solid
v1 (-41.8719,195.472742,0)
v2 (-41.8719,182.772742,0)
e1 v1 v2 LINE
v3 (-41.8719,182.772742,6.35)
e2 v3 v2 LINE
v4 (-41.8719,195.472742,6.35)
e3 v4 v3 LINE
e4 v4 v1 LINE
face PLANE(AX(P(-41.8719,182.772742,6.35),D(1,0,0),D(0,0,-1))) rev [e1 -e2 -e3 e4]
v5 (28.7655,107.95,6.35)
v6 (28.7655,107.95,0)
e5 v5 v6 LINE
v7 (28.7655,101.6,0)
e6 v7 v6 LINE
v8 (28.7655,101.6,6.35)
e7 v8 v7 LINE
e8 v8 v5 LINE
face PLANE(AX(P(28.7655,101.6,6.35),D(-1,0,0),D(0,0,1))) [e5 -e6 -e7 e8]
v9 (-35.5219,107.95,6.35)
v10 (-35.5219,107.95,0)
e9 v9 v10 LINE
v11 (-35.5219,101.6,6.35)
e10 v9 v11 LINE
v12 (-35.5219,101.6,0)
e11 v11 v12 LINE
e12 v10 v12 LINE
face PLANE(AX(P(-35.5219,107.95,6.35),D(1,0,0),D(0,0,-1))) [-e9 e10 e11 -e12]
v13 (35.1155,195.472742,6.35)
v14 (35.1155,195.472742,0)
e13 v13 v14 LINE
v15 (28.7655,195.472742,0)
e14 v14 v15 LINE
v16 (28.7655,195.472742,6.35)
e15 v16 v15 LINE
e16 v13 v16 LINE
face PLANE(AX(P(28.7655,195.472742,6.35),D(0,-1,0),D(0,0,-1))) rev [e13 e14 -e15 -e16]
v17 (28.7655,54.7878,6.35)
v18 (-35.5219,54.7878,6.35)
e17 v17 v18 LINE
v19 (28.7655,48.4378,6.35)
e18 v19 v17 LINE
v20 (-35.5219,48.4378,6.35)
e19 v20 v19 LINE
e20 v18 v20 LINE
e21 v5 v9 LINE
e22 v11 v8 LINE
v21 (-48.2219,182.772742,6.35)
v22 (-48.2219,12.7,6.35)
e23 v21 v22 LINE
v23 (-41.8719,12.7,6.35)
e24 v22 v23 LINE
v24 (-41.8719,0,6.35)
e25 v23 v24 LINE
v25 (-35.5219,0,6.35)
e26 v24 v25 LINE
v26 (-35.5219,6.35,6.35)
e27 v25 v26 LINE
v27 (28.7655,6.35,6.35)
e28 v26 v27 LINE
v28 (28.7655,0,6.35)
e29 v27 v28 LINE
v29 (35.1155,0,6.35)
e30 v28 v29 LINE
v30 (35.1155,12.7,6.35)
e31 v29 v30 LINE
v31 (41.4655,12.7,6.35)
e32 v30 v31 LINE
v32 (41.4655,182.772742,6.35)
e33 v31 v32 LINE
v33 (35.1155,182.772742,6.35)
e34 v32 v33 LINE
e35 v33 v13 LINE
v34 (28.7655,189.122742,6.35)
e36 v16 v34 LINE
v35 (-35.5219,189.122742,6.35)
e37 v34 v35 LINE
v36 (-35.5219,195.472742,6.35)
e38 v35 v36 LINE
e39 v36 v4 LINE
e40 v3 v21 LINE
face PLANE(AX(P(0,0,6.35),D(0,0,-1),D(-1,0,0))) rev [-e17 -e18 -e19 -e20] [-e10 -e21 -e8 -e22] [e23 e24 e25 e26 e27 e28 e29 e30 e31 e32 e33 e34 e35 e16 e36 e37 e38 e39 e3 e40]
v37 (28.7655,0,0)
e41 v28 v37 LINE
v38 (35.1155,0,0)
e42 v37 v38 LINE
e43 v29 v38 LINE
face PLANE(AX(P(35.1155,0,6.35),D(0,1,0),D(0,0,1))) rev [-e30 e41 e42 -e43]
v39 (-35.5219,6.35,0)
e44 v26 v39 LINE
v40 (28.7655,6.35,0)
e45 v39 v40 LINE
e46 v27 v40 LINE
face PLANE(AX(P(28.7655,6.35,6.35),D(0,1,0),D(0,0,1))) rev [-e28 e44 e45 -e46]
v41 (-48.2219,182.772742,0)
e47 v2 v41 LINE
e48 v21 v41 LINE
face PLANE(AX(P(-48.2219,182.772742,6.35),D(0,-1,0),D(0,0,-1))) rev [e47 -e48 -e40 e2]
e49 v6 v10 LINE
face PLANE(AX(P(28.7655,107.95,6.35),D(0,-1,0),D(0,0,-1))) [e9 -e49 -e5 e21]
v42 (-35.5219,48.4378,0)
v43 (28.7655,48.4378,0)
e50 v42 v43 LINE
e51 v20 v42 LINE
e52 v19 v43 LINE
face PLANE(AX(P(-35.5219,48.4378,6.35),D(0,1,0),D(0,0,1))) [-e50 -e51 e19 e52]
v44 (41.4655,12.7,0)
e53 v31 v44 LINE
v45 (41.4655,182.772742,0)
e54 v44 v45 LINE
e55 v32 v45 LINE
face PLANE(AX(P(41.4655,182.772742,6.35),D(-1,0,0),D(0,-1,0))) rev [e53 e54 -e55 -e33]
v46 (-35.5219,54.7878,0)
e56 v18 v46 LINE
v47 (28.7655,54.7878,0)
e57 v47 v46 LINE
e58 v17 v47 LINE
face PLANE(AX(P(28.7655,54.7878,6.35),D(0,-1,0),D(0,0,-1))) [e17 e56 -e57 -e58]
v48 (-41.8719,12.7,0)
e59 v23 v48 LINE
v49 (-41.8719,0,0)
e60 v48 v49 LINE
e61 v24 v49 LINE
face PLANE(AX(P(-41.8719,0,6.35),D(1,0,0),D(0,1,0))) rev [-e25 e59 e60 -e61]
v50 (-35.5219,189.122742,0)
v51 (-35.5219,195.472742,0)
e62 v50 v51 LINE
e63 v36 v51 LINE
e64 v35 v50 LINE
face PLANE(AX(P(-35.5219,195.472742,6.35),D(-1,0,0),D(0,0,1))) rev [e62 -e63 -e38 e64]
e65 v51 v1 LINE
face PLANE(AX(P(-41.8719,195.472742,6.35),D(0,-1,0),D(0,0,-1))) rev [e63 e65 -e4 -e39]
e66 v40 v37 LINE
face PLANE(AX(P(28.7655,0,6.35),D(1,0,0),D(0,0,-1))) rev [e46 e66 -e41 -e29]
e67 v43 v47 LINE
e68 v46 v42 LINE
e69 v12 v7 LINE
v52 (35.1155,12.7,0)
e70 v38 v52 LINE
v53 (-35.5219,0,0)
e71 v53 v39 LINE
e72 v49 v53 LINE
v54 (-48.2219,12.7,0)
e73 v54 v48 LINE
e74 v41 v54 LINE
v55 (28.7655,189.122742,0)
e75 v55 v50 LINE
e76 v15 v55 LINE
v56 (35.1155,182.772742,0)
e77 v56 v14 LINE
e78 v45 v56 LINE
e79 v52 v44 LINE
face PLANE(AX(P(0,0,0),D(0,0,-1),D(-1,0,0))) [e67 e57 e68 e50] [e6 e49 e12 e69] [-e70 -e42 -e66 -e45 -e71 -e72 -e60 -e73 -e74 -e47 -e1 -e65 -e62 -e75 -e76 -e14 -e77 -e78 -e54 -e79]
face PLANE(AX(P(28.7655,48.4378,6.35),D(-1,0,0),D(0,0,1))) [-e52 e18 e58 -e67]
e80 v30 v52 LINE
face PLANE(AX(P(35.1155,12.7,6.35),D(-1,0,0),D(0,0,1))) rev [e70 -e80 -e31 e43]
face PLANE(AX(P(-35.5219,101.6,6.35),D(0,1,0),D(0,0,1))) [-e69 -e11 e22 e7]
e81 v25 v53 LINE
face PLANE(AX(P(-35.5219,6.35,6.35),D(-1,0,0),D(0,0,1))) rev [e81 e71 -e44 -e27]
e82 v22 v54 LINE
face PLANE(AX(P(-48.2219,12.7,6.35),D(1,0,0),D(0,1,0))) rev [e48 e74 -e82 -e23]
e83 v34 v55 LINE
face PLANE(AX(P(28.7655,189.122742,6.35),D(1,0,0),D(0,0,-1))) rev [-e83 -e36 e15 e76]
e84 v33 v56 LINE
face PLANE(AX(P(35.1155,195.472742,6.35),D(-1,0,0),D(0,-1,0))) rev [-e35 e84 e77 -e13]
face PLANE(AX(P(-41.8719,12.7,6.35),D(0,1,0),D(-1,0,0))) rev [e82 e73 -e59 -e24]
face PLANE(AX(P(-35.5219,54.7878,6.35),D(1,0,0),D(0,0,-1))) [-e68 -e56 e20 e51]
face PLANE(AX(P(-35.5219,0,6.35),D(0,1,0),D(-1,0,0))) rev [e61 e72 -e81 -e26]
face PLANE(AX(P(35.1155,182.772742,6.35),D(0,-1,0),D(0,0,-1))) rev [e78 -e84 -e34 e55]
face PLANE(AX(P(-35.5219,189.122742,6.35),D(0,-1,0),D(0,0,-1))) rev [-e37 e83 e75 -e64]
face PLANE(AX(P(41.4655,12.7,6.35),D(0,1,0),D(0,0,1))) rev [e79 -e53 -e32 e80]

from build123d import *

# Parameters (mm, degrees)
SKETCH1_W           = 64.2874
SKETCH1_H           = 6.35
BOSS_EXTRUDE1_DEPTH = 6.35


with BuildPart() as part:
    # Sketch1 → Boss-Extrude1 (new body)
    with BuildSketch(Plane.XY):
        Polygon((-41.8719, 0), (-41.8719, 12.7), (-48.2219, 12.7), (-48.2219, 182.772742275), (-41.8719, 182.772742275), (-41.8719, 195.472742275), (-35.5219, 195.472742275), (-35.5219, 189.122742275), (28.7655, 189.122742275), (28.7655, 195.472742275), (35.1155, 195.472742275), (35.1155, 182.772742275), (41.4655, 182.772742275), (41.4655, 12.7), (35.1155, 12.7), (35.1155, 0), (28.7655, 0), (28.7655, 6.35), (-35.5219, 6.35), (-35.5219, 0), align=None)
        with Locations((-3.3782, 51.6128)):
            Rectangle(SKETCH1_W, SKETCH1_H, mode=Mode.SUBTRACT)
        with Locations((-3.3782, 104.775)):
            Rectangle(SKETCH1_W, SKETCH1_H, mode=Mode.SUBTRACT)
    extrude(amount=BOSS_EXTRUDE1_DEPTH)


solid = part.part
